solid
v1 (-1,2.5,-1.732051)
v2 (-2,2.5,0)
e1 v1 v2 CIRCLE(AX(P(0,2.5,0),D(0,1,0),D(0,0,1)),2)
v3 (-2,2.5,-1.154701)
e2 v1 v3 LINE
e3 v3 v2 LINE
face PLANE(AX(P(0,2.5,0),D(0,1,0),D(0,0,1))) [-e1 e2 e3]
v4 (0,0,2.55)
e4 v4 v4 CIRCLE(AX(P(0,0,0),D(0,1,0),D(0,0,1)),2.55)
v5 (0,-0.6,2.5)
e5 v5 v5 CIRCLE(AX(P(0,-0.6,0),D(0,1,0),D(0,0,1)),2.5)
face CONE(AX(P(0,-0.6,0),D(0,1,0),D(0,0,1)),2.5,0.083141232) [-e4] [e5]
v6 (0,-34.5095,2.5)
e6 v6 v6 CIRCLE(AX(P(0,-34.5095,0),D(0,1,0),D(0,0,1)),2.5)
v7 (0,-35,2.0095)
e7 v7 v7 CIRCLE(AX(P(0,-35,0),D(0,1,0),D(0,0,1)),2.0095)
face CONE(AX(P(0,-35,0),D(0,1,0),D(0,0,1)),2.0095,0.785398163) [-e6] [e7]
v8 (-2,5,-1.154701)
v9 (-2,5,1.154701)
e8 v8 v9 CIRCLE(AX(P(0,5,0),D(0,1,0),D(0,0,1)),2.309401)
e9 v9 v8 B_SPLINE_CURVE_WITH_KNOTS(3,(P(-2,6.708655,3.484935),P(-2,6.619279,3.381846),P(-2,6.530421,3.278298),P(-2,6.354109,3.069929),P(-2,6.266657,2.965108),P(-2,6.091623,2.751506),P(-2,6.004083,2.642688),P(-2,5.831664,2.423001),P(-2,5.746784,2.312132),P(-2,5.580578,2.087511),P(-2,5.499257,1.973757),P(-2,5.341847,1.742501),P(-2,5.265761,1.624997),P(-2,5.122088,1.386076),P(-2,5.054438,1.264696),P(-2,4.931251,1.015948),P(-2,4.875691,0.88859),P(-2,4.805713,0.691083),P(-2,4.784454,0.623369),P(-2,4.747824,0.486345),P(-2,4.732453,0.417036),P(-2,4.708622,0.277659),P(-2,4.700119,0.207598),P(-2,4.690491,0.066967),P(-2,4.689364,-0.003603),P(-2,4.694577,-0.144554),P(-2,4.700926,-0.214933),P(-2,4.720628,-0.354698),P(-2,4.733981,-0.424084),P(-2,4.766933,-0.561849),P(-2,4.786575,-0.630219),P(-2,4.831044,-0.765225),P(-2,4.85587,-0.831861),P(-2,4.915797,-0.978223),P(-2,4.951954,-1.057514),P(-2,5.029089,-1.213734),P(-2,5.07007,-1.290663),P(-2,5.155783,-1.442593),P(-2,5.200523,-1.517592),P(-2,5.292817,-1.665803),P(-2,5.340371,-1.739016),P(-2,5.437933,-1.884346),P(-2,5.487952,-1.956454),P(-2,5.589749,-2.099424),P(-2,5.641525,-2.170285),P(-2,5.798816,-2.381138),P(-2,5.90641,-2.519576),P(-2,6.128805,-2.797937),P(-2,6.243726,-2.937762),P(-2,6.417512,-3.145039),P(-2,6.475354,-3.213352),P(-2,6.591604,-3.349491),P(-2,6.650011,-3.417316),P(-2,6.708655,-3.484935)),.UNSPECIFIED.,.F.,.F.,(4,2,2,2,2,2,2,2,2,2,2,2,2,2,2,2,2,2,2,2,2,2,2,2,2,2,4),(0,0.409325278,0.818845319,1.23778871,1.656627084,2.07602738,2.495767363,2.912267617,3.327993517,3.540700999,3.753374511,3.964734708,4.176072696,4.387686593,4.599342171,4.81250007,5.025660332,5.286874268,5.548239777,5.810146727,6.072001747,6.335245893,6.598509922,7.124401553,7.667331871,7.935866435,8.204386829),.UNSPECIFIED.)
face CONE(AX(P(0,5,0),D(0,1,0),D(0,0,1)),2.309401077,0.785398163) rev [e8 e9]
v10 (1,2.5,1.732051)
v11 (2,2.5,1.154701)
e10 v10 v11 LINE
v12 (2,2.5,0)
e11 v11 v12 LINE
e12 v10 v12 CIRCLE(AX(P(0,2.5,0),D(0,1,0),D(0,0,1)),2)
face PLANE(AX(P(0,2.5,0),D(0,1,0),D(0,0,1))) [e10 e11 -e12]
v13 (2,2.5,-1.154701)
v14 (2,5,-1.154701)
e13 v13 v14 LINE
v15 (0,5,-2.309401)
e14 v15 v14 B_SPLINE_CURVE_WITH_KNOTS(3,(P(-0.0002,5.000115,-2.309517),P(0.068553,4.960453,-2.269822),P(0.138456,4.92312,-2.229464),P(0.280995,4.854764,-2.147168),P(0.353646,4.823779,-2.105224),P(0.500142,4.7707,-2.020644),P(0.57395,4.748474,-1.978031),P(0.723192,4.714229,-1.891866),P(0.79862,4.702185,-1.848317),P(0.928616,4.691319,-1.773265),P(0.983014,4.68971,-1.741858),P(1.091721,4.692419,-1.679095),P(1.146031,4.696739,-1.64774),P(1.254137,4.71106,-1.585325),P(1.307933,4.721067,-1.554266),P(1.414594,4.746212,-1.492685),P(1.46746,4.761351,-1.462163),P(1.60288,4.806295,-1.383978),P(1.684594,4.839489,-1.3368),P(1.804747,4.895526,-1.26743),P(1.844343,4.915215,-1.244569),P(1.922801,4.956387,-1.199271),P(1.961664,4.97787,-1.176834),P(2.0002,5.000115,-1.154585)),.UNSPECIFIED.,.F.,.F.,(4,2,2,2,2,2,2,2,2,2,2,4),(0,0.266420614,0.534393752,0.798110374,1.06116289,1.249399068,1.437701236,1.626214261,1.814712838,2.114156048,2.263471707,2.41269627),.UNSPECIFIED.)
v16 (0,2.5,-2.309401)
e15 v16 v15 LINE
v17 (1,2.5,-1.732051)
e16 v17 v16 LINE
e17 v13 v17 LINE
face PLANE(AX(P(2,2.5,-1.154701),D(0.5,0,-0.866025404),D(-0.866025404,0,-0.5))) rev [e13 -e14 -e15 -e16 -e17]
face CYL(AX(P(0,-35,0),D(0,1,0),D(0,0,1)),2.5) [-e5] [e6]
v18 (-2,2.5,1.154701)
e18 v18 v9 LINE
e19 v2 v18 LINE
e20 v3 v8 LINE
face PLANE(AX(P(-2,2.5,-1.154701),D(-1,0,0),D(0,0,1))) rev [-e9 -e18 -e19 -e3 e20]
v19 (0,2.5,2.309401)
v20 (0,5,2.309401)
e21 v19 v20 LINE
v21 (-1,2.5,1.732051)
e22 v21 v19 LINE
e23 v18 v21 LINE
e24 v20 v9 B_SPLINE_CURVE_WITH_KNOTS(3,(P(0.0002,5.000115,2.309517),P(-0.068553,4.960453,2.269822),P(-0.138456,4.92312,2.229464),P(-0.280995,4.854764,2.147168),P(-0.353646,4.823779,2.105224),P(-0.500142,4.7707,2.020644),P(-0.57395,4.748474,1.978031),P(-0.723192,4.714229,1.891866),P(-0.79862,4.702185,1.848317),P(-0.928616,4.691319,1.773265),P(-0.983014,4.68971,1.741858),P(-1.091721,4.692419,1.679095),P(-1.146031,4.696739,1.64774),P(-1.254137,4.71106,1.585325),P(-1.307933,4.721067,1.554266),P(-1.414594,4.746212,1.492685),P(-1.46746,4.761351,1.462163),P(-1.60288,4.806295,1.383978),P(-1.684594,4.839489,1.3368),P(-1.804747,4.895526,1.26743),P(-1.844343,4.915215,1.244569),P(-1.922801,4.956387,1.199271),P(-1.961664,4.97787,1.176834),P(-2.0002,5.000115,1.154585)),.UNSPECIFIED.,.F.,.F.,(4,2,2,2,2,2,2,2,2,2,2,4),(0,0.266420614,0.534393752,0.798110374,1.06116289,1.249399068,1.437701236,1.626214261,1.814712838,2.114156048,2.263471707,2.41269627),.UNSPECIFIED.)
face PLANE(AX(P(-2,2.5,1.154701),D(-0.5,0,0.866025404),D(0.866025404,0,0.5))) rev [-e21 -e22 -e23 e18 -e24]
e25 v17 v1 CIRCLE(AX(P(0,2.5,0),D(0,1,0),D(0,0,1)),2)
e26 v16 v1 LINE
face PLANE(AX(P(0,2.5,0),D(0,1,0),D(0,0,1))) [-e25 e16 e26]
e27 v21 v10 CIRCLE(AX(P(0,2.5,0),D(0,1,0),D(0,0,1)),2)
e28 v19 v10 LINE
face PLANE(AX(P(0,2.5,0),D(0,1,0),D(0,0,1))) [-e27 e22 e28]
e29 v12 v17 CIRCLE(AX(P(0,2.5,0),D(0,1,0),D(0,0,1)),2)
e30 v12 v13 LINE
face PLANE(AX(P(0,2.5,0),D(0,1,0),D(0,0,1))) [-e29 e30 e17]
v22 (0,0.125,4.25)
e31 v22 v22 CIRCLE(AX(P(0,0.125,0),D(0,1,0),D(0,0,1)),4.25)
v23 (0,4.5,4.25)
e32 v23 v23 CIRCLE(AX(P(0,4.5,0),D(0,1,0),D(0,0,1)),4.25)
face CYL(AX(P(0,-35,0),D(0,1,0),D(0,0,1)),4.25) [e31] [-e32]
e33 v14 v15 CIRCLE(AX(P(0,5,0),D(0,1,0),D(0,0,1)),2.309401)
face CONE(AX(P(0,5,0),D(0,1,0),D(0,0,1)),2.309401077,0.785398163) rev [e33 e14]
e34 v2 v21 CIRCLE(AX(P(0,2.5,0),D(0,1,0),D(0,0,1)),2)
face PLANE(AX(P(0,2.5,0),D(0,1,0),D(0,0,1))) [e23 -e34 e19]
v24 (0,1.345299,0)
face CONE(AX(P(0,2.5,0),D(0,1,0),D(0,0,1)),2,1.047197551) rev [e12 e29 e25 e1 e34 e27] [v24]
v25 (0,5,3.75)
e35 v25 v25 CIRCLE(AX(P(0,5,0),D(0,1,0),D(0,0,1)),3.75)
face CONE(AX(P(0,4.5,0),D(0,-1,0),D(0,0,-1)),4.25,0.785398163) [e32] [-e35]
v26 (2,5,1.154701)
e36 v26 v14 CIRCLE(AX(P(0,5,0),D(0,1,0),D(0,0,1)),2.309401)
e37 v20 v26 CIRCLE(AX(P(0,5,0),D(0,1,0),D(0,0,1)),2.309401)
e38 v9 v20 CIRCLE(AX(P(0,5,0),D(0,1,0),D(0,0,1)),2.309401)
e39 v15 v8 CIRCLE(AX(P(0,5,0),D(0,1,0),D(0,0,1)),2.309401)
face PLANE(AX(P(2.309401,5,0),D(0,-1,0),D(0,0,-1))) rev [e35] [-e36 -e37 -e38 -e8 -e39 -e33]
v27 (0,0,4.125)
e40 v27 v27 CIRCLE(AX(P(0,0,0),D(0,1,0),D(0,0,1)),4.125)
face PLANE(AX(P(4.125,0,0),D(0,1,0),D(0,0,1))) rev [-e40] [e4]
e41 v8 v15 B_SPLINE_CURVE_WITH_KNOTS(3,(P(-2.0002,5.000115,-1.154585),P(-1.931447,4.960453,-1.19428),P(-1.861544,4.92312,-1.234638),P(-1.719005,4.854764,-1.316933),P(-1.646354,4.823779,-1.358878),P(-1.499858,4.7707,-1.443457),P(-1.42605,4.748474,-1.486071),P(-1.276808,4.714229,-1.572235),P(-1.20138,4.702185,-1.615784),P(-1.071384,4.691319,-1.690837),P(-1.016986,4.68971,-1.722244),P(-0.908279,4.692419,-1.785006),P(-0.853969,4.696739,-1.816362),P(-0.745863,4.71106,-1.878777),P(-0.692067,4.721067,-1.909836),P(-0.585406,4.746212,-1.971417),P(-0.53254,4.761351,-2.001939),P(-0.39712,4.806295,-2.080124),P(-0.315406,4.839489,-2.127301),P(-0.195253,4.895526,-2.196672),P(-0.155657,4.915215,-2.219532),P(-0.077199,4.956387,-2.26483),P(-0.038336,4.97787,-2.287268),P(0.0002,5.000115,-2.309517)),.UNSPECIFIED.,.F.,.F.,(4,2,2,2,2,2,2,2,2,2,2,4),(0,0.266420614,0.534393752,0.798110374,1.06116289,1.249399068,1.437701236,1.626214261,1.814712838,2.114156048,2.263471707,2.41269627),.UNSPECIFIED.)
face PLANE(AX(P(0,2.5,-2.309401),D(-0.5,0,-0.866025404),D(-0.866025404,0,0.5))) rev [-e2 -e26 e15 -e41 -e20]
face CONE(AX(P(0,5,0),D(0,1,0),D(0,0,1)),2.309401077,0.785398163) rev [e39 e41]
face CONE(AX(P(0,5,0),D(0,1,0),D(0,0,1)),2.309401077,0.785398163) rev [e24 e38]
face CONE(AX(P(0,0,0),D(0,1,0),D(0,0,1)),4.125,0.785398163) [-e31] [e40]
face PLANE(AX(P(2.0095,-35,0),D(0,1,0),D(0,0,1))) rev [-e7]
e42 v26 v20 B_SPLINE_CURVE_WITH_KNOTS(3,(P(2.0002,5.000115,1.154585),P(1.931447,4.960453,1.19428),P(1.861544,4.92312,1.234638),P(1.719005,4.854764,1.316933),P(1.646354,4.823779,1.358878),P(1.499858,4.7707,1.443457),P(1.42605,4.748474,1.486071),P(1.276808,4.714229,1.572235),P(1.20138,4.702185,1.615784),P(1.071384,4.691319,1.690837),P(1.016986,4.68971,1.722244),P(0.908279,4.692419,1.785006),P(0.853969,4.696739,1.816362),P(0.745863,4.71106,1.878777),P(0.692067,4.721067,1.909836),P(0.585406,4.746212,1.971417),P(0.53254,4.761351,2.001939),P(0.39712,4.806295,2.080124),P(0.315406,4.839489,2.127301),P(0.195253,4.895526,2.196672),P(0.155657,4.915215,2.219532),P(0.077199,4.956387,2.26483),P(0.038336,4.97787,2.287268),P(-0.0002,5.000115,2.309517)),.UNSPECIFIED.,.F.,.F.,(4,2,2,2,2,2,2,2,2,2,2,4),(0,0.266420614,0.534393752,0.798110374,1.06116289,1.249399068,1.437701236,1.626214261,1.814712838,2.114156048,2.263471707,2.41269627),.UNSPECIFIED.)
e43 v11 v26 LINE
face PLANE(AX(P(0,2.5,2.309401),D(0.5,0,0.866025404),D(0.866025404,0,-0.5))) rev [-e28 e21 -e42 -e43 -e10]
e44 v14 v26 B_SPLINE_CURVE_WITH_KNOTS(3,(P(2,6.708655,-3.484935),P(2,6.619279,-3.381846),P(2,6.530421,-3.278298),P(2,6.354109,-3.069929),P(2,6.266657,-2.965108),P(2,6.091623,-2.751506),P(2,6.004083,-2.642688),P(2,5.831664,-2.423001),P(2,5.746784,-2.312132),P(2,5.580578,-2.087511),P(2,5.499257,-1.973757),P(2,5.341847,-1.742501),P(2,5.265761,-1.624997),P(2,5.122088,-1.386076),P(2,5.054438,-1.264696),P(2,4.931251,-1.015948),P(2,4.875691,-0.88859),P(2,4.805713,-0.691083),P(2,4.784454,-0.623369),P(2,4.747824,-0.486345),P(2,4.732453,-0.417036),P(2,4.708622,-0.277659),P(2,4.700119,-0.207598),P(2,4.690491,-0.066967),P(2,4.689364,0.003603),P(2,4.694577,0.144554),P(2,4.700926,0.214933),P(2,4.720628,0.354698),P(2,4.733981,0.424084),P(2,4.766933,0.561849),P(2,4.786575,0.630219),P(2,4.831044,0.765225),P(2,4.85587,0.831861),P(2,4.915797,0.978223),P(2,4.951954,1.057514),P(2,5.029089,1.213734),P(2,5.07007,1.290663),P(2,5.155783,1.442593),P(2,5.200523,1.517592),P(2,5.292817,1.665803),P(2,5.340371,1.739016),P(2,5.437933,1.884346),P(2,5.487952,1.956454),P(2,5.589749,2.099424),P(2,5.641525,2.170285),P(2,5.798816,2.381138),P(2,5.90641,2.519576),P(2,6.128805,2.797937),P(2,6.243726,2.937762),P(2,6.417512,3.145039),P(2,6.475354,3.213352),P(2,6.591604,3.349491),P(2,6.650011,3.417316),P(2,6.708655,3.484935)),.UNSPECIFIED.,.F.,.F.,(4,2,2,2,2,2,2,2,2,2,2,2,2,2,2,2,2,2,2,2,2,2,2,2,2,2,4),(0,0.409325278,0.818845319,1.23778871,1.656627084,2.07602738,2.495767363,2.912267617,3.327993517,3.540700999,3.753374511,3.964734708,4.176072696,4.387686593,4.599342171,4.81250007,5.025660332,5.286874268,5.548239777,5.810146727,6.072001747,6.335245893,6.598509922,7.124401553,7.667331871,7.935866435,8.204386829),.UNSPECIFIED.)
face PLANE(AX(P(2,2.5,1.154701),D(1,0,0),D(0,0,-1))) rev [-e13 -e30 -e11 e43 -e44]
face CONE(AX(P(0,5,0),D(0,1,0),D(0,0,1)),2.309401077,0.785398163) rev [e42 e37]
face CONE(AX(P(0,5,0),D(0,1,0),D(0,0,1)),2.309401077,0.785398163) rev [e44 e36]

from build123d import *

# Parameters (mm, degrees)
CUT_EXTRUDE1_DEPTH = 2.5


with BuildPart() as part:
    # Sketch1 → Revolve1 (revolve)
    with BuildSketch(Plane.XY):
        Polygon((0, 1.345299462), (2, 2.5), (2, 4.690598923), (2.309401077, 5), (3.75, 5), (4.25, 4.5), (4.25, 0.125), (4.125, 0), (2.55, 0), (2.5, -0.6), (2.5, -34.5095), (2.0095, -35), (0, -35), align=None)
    revolve(axis=Axis((0, -35, 0), (0, 1, 0)))

    # Sketch2 → Cut-Extrude1 (cut)
    with BuildSketch(Plane(origin=(0, 5, 0), x_dir=(1, 0, 0), z_dir=(0, 1, 0))):
        Polygon((-2, -1.154700538), (0, -2.309401077), (2, -1.154700538), (2, 1.154700538), (0, 2.309401077), (-2, 1.154700538), align=None)
    extrude(amount=-CUT_EXTRUDE1_DEPTH, mode=Mode.SUBTRACT)


solid = part.part
